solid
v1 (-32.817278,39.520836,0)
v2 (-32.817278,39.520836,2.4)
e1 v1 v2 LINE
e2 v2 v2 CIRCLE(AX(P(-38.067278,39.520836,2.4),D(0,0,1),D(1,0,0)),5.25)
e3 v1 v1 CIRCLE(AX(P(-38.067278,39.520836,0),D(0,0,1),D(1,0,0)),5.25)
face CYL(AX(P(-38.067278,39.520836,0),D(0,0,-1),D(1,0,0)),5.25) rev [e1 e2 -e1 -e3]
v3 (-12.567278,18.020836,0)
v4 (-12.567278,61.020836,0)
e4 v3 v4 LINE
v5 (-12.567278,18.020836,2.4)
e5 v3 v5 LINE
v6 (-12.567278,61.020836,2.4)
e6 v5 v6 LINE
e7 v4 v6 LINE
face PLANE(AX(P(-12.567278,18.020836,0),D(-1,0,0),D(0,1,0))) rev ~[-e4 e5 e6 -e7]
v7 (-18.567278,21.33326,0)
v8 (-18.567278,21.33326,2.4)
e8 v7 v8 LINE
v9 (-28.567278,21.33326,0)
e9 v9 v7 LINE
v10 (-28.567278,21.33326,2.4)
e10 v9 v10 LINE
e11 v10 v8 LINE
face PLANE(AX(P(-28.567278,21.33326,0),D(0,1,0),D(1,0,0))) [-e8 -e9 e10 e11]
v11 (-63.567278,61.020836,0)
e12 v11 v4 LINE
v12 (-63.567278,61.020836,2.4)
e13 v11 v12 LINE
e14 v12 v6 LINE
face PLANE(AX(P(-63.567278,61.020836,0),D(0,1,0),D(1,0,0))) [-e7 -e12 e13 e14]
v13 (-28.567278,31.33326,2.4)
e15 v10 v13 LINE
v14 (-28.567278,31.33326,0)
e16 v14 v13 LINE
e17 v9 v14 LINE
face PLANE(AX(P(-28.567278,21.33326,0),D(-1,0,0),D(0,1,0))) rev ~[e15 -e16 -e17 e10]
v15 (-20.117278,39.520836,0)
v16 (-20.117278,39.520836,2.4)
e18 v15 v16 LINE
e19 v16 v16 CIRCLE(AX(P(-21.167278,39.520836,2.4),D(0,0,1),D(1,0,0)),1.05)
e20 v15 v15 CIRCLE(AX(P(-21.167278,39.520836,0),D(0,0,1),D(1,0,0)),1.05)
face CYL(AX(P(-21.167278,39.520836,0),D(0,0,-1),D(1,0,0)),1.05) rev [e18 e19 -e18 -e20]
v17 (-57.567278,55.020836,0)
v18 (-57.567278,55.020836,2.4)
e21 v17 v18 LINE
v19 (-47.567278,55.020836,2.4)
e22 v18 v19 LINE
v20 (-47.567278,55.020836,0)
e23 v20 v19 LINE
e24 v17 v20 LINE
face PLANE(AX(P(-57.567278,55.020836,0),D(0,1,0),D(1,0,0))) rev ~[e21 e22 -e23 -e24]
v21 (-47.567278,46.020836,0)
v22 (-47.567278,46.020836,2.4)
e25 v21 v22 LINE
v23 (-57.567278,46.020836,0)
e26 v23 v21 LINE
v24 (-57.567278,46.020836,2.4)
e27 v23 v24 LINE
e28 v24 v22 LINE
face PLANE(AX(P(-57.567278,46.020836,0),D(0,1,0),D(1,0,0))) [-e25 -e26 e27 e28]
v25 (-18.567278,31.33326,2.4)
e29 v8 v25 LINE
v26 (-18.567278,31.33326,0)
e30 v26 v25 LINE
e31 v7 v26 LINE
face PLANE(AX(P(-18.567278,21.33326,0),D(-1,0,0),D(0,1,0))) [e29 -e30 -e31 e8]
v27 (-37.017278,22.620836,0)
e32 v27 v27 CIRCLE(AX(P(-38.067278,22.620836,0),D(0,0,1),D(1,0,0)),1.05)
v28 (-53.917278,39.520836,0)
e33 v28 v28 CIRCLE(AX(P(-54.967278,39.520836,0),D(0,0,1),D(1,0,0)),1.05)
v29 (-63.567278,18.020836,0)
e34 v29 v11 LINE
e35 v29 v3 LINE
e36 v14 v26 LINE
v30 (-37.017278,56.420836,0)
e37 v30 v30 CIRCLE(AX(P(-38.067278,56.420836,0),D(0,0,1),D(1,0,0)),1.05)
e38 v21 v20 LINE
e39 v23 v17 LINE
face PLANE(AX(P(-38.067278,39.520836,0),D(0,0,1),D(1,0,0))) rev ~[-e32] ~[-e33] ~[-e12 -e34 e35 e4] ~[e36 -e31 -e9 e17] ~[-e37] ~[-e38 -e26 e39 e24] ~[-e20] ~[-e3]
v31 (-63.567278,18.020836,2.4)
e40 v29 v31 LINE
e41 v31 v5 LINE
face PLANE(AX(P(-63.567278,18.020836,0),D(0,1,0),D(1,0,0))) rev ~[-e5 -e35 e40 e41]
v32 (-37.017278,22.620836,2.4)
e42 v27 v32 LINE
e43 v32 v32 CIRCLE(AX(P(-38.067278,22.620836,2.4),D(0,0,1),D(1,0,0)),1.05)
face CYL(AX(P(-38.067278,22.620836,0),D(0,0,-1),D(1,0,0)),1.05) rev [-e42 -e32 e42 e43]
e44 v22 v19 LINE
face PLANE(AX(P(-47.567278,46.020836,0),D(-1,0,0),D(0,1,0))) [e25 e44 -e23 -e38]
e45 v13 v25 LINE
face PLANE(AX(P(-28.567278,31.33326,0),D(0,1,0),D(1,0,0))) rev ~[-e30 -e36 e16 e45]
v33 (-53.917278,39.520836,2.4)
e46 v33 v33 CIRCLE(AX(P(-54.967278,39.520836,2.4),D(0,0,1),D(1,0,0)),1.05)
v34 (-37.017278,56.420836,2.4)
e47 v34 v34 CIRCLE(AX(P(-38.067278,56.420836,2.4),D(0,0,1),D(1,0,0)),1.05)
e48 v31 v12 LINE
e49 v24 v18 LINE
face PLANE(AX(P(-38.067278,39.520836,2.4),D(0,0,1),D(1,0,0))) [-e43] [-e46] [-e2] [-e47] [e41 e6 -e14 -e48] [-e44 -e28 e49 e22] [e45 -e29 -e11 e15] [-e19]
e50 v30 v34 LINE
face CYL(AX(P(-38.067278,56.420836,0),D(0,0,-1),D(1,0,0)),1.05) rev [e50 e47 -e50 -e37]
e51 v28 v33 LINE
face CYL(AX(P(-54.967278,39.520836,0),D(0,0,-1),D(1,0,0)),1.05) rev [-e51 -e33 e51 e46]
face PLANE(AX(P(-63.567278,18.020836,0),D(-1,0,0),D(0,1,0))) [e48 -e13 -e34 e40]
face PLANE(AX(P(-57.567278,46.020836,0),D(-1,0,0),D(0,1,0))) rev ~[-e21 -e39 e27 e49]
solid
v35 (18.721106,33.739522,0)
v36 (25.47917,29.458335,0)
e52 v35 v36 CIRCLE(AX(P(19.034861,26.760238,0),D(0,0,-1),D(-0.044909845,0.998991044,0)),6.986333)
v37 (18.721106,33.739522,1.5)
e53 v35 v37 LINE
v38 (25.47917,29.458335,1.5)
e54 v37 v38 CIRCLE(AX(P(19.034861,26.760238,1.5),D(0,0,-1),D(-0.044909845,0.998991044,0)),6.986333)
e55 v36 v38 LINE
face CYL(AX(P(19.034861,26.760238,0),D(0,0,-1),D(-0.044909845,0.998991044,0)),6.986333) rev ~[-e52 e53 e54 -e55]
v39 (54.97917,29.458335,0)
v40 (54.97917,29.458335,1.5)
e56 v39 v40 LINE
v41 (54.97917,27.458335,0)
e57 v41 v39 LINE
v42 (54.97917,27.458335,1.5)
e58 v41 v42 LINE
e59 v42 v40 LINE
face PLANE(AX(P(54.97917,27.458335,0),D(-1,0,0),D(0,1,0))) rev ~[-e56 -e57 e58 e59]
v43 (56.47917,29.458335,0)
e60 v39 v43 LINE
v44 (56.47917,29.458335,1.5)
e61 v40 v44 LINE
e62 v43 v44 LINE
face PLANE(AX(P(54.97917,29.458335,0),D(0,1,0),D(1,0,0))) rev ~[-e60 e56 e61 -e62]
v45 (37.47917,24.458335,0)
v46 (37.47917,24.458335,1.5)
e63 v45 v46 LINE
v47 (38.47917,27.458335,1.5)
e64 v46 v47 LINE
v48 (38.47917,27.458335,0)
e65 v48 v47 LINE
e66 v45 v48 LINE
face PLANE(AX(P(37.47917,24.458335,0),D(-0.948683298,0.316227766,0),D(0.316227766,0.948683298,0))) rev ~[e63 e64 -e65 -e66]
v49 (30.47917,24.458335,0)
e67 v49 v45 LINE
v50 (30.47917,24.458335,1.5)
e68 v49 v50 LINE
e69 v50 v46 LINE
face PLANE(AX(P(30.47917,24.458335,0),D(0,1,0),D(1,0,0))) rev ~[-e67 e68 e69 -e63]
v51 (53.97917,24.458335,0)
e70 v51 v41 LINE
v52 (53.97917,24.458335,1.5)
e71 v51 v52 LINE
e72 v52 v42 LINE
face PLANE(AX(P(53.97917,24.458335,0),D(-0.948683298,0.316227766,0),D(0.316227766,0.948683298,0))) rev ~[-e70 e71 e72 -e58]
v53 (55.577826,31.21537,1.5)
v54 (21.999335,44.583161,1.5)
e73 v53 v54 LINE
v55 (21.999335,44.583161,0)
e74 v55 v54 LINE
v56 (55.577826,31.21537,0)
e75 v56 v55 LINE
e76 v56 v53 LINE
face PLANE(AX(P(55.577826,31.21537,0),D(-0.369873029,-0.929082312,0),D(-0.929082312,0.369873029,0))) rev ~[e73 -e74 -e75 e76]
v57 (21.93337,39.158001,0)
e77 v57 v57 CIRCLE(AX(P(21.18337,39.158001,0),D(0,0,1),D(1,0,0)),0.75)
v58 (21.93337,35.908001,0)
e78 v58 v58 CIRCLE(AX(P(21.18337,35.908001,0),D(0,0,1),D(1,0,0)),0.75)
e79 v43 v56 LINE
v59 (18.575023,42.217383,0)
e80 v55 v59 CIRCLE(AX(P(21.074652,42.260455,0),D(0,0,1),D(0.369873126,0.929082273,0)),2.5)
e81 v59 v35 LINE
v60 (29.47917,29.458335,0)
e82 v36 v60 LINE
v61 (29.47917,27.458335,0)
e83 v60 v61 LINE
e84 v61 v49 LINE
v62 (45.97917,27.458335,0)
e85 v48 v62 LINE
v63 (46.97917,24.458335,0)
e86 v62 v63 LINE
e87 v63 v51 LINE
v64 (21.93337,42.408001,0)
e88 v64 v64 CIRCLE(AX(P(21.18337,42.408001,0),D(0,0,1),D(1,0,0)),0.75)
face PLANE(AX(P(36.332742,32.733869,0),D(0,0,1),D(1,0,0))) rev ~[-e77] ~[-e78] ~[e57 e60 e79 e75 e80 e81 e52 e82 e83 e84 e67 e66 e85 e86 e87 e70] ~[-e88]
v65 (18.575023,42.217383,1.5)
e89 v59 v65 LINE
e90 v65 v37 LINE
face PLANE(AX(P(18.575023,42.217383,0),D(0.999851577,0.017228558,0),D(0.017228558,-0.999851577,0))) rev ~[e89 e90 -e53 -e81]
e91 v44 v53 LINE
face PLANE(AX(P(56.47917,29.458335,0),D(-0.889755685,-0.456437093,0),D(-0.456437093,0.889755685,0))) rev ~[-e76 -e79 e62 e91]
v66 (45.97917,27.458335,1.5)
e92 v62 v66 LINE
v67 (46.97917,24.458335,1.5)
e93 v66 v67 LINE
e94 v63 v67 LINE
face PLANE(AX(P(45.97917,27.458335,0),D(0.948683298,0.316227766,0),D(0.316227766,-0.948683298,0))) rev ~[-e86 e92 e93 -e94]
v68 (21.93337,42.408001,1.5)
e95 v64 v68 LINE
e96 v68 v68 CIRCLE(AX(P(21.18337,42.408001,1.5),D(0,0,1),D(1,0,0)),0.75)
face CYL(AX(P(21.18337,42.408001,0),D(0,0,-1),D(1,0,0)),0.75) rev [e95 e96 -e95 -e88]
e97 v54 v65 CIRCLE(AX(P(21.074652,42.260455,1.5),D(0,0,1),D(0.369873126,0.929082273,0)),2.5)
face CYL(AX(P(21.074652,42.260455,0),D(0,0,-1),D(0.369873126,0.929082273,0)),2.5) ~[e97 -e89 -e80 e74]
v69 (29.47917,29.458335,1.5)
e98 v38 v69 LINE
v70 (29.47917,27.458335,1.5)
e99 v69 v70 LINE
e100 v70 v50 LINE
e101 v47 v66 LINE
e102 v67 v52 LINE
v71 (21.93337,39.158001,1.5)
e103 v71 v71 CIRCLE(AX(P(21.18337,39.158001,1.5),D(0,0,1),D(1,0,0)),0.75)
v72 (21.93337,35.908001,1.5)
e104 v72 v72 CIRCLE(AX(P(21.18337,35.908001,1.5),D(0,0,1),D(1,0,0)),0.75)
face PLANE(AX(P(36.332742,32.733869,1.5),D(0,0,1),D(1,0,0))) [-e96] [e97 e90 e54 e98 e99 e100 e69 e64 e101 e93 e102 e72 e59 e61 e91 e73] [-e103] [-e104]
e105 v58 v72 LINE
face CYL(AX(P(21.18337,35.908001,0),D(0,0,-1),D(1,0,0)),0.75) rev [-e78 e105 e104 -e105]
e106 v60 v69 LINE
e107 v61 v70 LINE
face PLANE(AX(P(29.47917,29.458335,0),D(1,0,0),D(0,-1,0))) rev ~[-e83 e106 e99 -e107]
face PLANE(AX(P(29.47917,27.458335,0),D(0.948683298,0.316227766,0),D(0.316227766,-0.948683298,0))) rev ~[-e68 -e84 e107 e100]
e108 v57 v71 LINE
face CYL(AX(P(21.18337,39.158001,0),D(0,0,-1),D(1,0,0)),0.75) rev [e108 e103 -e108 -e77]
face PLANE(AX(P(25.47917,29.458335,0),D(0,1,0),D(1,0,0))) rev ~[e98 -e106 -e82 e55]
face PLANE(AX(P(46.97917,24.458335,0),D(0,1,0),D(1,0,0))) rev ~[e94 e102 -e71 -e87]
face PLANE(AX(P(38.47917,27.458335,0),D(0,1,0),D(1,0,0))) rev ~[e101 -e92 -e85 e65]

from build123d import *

# Parameters (mm, degrees)
F1_R     = 0.75
F2_DEPTH = 1.5
F0_W     = 51
F0_H     = 43
F0_R     = 1.05
F0_W_2   = 10
F0_H_2   = 10
F0_R_2   = 5.25
F0_H_3   = 9
F3_DEPTH = 2.4


with BuildPart() as f2:
    # F1 (on Top) → F2 (new body)
    with BuildSketch(Plane.XY):
        with BuildLine():
            Line((56.47917, 29.458335), (55.577826, 31.21537))
            Line((55.577826, 31.21537), (21.999335, 44.583161))
            ThreePointArc((21.999335, 44.583161), (19.653617, 44.317312), (18.575023, 42.217383))
            Line((18.575023, 42.217383), (18.721106, 33.739522))
            ThreePointArc((18.721106, 33.739522), (22.773586, 32.661999), (25.47917, 29.458335))
            Line((25.47917, 29.458335), (29.47917, 29.458335))
            Line((29.47917, 29.458335), (29.47917, 27.458335))
            Line((29.47917, 27.458335), (30.47917, 24.458335))
            Line((30.47917, 24.458335), (37.47917, 24.458335))
            Line((37.47917, 24.458335), (38.47917, 27.458335))
            Line((38.47917, 27.458335), (45.97917, 27.458335))
            Line((45.97917, 27.458335), (46.97917, 24.458335))
            Line((46.97917, 24.458335), (53.97917, 24.458335))
            Line((53.97917, 24.458335), (54.97917, 27.458335))
            Line((54.97917, 27.458335), (54.97917, 29.458335))
            Line((54.97917, 29.458335), (56.47917, 29.458335))
        make_face()
        with Locations((21.18337, 35.908001)):
            Circle(F1_R, mode=Mode.SUBTRACT)
        with Locations((21.18337, 39.158001)):
            Circle(F1_R, mode=Mode.SUBTRACT)
        with Locations((21.18337, 42.408001)):
            Circle(F1_R, mode=Mode.SUBTRACT)
    extrude(amount=F2_DEPTH)


with BuildPart() as f3:
    # F0 (on Top) → F3 (new body)
    with BuildSketch(Plane.XY):
        with Locations((-38.067278, 39.520836)):
            Rectangle(F0_W, F0_H)
        with Locations((-54.967278, 39.520836)):
            Circle(F0_R, mode=Mode.SUBTRACT)
        with Locations((-38.067278, 22.620836)):
            Circle(F0_R, mode=Mode.SUBTRACT)
        with Locations((-23.567278, 26.33326)):
            Rectangle(F0_W_2, F0_H_2, mode=Mode.SUBTRACT)
        with Locations((-38.067278, 39.520836)):
            Circle(F0_R_2, mode=Mode.SUBTRACT)
        with Locations((-21.167278, 39.520836)):
            Circle(F0_R, mode=Mode.SUBTRACT)
        with Locations((-52.567278, 50.520836)):
            Rectangle(F0_W_2, F0_H_3, mode=Mode.SUBTRACT)
        with Locations((-38.067278, 56.420836)):
            Circle(F0_R, mode=Mode.SUBTRACT)
    extrude(amount=F3_DEPTH)


solid = Compound([f2.part, f3.part])
